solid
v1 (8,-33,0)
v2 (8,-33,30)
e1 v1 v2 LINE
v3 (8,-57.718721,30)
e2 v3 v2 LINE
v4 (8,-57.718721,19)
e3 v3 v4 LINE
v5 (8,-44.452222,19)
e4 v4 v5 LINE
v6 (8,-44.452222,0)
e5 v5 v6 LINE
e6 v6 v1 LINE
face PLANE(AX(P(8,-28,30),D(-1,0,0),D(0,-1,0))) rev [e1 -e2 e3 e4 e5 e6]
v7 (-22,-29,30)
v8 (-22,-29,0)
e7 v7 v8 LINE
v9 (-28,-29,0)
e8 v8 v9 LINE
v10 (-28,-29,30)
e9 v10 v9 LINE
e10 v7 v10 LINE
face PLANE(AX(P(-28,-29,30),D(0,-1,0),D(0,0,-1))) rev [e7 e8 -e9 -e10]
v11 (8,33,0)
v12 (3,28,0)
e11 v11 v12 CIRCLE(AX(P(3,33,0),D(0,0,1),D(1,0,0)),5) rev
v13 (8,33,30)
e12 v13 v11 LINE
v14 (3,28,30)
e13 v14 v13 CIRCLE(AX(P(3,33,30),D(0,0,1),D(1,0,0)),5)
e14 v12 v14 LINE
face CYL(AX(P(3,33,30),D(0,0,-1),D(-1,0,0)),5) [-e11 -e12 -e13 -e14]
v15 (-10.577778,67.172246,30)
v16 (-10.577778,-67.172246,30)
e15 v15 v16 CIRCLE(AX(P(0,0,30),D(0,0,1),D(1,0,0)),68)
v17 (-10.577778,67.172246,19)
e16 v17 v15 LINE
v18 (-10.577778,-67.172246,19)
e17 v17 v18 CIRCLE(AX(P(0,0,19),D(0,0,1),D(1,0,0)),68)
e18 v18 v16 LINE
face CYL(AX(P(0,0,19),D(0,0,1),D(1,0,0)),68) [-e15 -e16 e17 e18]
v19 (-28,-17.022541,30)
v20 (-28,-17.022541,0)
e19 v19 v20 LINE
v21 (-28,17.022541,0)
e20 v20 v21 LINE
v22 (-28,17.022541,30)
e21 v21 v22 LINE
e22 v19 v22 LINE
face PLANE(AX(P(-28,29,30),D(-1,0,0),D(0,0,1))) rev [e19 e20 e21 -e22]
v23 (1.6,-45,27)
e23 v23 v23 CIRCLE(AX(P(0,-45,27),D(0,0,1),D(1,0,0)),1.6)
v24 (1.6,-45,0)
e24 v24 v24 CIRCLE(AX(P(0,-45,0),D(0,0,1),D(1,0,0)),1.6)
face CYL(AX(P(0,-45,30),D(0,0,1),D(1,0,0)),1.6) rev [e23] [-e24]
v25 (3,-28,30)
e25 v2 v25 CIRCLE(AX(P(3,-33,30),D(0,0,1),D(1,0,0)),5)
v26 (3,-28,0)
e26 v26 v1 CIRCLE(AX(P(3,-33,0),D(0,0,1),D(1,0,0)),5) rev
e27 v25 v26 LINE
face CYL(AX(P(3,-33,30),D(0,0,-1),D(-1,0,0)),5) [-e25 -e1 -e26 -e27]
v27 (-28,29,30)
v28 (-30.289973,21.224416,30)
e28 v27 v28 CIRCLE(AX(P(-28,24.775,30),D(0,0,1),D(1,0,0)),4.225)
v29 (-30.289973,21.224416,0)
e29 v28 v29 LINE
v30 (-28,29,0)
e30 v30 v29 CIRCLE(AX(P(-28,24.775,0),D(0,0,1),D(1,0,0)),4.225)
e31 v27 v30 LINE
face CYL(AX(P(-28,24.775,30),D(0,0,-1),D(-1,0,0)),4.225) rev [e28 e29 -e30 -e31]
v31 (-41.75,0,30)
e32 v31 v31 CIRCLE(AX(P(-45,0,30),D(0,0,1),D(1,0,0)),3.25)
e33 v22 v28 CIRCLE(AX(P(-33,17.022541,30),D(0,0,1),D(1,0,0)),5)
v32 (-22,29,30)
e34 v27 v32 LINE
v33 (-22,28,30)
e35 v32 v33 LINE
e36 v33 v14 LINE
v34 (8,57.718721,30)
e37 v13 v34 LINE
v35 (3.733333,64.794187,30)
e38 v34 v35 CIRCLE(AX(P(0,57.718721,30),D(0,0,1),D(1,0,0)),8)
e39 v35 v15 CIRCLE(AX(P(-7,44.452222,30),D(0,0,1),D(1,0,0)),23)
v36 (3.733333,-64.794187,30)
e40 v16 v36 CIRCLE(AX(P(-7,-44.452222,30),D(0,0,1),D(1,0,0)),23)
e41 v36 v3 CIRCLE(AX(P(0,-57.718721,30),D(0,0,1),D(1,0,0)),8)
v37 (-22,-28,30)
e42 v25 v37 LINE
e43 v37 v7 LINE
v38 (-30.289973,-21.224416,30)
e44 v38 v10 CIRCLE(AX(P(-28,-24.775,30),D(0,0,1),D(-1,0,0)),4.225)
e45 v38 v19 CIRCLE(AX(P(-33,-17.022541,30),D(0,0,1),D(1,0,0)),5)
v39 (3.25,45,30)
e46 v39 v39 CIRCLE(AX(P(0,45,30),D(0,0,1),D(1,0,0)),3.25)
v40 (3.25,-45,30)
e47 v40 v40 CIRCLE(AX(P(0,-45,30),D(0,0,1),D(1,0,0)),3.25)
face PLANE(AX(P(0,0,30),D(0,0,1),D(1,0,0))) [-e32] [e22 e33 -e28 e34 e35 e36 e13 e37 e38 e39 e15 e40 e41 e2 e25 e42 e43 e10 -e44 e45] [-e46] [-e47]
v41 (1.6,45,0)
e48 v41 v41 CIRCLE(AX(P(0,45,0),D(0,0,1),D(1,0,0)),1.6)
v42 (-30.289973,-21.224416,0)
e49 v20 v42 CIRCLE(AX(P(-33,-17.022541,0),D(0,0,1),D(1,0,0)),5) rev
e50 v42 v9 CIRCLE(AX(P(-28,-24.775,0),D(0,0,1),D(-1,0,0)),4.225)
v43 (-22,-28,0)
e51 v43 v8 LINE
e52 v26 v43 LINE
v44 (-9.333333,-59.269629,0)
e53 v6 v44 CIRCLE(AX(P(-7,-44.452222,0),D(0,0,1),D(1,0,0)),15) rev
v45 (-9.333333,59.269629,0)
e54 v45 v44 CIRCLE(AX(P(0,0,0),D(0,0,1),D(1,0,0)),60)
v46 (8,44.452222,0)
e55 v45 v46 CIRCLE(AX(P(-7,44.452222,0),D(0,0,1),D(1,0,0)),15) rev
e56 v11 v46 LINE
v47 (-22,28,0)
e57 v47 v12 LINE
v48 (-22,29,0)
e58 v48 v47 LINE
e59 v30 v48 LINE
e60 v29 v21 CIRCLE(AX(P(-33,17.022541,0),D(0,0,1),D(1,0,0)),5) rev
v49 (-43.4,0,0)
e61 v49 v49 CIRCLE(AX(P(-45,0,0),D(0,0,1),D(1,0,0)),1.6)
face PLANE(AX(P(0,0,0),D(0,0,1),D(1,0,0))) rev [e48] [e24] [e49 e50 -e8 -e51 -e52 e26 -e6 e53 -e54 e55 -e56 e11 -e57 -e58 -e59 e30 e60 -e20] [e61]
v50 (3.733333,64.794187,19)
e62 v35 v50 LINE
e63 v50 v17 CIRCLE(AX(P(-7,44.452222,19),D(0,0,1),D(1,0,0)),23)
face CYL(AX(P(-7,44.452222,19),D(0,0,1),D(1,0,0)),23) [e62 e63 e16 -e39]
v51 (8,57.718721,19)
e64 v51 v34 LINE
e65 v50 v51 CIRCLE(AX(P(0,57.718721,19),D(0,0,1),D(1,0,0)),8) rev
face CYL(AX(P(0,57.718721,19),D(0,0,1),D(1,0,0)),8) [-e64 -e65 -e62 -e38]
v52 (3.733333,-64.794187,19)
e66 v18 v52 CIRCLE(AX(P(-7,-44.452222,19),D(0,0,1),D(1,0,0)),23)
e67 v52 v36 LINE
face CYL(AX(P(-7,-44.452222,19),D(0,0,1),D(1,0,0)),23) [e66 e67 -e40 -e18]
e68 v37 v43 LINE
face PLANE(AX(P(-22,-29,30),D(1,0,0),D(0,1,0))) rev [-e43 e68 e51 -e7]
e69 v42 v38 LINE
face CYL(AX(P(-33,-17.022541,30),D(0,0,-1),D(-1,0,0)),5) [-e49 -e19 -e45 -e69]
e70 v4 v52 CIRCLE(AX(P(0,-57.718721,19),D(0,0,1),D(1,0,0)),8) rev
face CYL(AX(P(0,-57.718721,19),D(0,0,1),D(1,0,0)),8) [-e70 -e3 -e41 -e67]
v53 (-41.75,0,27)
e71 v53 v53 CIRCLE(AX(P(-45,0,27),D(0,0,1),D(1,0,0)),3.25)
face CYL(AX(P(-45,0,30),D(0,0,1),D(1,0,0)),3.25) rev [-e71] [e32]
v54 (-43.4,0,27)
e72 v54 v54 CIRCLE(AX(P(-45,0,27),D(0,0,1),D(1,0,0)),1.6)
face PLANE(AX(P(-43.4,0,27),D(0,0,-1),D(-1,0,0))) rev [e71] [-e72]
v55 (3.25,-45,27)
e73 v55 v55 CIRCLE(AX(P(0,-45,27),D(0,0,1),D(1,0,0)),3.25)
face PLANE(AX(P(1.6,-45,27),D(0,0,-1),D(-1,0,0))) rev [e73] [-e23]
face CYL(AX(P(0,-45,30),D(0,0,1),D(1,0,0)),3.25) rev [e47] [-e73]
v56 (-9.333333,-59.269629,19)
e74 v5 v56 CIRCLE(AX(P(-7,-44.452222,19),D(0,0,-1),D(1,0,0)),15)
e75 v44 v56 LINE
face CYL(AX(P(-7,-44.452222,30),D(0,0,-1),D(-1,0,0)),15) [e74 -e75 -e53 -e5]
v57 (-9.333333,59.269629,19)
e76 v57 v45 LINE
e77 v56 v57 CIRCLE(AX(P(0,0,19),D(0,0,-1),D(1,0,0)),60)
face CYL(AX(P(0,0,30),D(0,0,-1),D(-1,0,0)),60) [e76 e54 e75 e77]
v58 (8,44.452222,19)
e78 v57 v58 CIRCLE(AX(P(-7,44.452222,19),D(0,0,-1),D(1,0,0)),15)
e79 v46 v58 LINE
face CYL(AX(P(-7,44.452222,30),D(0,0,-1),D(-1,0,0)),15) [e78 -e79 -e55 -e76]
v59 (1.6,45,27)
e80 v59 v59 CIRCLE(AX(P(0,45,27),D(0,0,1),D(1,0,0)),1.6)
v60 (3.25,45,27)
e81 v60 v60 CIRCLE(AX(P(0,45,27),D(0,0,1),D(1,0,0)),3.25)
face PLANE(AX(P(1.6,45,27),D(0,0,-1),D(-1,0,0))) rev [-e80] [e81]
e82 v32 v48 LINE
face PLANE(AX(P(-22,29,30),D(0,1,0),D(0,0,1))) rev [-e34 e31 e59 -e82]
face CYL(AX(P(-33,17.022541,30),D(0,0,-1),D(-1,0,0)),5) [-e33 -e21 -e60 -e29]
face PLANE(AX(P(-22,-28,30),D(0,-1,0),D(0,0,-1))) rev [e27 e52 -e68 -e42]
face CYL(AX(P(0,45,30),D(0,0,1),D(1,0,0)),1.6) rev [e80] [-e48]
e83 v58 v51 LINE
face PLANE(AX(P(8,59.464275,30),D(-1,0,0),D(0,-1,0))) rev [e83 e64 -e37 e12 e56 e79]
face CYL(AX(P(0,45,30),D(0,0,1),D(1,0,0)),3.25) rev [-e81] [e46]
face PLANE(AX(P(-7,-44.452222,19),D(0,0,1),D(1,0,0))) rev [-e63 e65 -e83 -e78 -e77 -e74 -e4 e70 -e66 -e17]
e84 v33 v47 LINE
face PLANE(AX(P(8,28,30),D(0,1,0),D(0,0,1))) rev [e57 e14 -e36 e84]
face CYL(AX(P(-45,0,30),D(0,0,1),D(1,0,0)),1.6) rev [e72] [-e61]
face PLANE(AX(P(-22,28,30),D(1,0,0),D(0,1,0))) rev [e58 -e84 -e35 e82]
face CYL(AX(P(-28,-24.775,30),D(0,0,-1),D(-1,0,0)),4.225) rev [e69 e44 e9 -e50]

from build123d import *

# Parameters (mm, degrees)
EXTRUDE_1_DEPTH              = 30
HOLE_WIZARD_M3_1_D           = 3.2
HOLE_WIZARD_M3_1_CBORE_D     = 6.5
HOLE_WIZARD_M3_1_CBORE_DEPTH = 3
FILLET_1_R                   = 15
CUT_EXTRUDE_1782_DEPTH       = 90.635744244
FILLET_2_R                   = 5
EXTRUDE_2_DEPTH              = 11
FILLET_3_R                   = 8


with BuildPart() as part:
    # ｽｹｯﾁ1 → ﾎﾞｽ - 押し出し1 (new body)
    with BuildSketch(Plane.XY):
        with BuildLine():
            Line((8, 59.464274989), (8, 28))
            Line((8, 28), (-22, 28))
            Line((-22, 28), (-22, 29))
            Line((-22, 29), (-28, 29))
            Line((-28, 29), (-28, -29))
            Line((-28, -29), (-22, -29))
            Line((-22, -29), (-22, -28))
            Line((-22, -28), (8, -28))
            Line((8, -28), (8, -59.464274989))
            ThreePointArc((8, -59.464274989), (-60, 0), (8, 59.464274989))
        make_face()
    extrude(amount=EXTRUDE_1_DEPTH)

    # M3 穴付きねじ用座ぐり穴1 (through all)
    with Locations(Plane(origin=(0, 45, 30), x_dir=(1, 0, 0), z_dir=(0, 0, 1))):
        with Locations((0, 0), (-45, -45), (0, -90)):
            CounterBoreHole(HOLE_WIZARD_M3_1_D / 2, HOLE_WIZARD_M3_1_CBORE_D / 2, HOLE_WIZARD_M3_1_CBORE_DEPTH)

    # ﾌｨﾚｯﾄ1
    fillet_1_edges = [part.edges().sort_by_distance(p)[0] for p in [
        (8, 59.464274989, 15),
        (8, -59.464274989, 15),
    ]]
    fillet(fillet_1_edges, radius=FILLET_1_R)

    # ｽｹｯﾁ3 → Cut-Extrude 1782 (cut, through all)
    with BuildSketch(Plane.XY):
        with BuildLine():
            Line((-28, 29), (-28, 20.55))
            ThreePointArc((-28, 20.55), (-32.225, 24.775), (-28, 29))
        make_face()
        with BuildLine():
            Line((-28, -29), (-28, -20.55))
            ThreePointArc((-28, -20.55), (-32.225, -24.775), (-28, -29))
        make_face()
    extrude(amount=CUT_EXTRUDE_1782_DEPTH, mode=Mode.SUBTRACT)

    # ﾌｨﾚｯﾄ2
    fillet_2_edges = [part.edges().sort_by_distance(p)[0] for p in [
        (8, 28, 15),
        (8, -28, 15),
        (-28, 20.55, 15),
        (-28, -20.55, 15),
    ]]
    fillet(fillet_2_edges, radius=FILLET_2_R)

    # ｽｹｯﾁ4 → ﾎﾞｽ - 押し出し2 (add)
    with BuildSketch(Plane.XY.offset(30)):
        with BuildLine():
            Line((8, 44.452221542), (8, 61.887817316))
            ThreePointArc((8, 61.887817316), (-0.707298954, 66.574651642), (-10.577777778, 67.172245885))
            ThreePointArc((-10.577777778, 67.172245885), (-68, 0), (-10.577777778, -67.172245885))
            ThreePointArc((-10.577777778, -67.172245885), (-0.707298954, -66.574651642), (8, -61.887817316))
            Line((8, -61.887817316), (8, -44.452221542))
            ThreePointArc((8, -44.452221542), (2.746794345, -55.853975793), (-9.333333333, -59.269628722))
            ThreePointArc((-9.333333333, -59.269628722), (-60, 0), (-9.333333333, 59.269628722))
            ThreePointArc((-9.333333333, 59.269628722), (2.746794345, 55.853975793), (8, 44.452221542))
        make_face()
    extrude(amount=-EXTRUDE_2_DEPTH)

    # ﾌｨﾚｯﾄ3
    fillet_3_edges = [part.edges().sort_by_distance(p)[0] for p in [
        (8, -61.887817316, 24.5),
        (8, 61.887817316, 24.5),
    ]]
    fillet(fillet_3_edges, radius=FILLET_3_R)


solid = part.part
